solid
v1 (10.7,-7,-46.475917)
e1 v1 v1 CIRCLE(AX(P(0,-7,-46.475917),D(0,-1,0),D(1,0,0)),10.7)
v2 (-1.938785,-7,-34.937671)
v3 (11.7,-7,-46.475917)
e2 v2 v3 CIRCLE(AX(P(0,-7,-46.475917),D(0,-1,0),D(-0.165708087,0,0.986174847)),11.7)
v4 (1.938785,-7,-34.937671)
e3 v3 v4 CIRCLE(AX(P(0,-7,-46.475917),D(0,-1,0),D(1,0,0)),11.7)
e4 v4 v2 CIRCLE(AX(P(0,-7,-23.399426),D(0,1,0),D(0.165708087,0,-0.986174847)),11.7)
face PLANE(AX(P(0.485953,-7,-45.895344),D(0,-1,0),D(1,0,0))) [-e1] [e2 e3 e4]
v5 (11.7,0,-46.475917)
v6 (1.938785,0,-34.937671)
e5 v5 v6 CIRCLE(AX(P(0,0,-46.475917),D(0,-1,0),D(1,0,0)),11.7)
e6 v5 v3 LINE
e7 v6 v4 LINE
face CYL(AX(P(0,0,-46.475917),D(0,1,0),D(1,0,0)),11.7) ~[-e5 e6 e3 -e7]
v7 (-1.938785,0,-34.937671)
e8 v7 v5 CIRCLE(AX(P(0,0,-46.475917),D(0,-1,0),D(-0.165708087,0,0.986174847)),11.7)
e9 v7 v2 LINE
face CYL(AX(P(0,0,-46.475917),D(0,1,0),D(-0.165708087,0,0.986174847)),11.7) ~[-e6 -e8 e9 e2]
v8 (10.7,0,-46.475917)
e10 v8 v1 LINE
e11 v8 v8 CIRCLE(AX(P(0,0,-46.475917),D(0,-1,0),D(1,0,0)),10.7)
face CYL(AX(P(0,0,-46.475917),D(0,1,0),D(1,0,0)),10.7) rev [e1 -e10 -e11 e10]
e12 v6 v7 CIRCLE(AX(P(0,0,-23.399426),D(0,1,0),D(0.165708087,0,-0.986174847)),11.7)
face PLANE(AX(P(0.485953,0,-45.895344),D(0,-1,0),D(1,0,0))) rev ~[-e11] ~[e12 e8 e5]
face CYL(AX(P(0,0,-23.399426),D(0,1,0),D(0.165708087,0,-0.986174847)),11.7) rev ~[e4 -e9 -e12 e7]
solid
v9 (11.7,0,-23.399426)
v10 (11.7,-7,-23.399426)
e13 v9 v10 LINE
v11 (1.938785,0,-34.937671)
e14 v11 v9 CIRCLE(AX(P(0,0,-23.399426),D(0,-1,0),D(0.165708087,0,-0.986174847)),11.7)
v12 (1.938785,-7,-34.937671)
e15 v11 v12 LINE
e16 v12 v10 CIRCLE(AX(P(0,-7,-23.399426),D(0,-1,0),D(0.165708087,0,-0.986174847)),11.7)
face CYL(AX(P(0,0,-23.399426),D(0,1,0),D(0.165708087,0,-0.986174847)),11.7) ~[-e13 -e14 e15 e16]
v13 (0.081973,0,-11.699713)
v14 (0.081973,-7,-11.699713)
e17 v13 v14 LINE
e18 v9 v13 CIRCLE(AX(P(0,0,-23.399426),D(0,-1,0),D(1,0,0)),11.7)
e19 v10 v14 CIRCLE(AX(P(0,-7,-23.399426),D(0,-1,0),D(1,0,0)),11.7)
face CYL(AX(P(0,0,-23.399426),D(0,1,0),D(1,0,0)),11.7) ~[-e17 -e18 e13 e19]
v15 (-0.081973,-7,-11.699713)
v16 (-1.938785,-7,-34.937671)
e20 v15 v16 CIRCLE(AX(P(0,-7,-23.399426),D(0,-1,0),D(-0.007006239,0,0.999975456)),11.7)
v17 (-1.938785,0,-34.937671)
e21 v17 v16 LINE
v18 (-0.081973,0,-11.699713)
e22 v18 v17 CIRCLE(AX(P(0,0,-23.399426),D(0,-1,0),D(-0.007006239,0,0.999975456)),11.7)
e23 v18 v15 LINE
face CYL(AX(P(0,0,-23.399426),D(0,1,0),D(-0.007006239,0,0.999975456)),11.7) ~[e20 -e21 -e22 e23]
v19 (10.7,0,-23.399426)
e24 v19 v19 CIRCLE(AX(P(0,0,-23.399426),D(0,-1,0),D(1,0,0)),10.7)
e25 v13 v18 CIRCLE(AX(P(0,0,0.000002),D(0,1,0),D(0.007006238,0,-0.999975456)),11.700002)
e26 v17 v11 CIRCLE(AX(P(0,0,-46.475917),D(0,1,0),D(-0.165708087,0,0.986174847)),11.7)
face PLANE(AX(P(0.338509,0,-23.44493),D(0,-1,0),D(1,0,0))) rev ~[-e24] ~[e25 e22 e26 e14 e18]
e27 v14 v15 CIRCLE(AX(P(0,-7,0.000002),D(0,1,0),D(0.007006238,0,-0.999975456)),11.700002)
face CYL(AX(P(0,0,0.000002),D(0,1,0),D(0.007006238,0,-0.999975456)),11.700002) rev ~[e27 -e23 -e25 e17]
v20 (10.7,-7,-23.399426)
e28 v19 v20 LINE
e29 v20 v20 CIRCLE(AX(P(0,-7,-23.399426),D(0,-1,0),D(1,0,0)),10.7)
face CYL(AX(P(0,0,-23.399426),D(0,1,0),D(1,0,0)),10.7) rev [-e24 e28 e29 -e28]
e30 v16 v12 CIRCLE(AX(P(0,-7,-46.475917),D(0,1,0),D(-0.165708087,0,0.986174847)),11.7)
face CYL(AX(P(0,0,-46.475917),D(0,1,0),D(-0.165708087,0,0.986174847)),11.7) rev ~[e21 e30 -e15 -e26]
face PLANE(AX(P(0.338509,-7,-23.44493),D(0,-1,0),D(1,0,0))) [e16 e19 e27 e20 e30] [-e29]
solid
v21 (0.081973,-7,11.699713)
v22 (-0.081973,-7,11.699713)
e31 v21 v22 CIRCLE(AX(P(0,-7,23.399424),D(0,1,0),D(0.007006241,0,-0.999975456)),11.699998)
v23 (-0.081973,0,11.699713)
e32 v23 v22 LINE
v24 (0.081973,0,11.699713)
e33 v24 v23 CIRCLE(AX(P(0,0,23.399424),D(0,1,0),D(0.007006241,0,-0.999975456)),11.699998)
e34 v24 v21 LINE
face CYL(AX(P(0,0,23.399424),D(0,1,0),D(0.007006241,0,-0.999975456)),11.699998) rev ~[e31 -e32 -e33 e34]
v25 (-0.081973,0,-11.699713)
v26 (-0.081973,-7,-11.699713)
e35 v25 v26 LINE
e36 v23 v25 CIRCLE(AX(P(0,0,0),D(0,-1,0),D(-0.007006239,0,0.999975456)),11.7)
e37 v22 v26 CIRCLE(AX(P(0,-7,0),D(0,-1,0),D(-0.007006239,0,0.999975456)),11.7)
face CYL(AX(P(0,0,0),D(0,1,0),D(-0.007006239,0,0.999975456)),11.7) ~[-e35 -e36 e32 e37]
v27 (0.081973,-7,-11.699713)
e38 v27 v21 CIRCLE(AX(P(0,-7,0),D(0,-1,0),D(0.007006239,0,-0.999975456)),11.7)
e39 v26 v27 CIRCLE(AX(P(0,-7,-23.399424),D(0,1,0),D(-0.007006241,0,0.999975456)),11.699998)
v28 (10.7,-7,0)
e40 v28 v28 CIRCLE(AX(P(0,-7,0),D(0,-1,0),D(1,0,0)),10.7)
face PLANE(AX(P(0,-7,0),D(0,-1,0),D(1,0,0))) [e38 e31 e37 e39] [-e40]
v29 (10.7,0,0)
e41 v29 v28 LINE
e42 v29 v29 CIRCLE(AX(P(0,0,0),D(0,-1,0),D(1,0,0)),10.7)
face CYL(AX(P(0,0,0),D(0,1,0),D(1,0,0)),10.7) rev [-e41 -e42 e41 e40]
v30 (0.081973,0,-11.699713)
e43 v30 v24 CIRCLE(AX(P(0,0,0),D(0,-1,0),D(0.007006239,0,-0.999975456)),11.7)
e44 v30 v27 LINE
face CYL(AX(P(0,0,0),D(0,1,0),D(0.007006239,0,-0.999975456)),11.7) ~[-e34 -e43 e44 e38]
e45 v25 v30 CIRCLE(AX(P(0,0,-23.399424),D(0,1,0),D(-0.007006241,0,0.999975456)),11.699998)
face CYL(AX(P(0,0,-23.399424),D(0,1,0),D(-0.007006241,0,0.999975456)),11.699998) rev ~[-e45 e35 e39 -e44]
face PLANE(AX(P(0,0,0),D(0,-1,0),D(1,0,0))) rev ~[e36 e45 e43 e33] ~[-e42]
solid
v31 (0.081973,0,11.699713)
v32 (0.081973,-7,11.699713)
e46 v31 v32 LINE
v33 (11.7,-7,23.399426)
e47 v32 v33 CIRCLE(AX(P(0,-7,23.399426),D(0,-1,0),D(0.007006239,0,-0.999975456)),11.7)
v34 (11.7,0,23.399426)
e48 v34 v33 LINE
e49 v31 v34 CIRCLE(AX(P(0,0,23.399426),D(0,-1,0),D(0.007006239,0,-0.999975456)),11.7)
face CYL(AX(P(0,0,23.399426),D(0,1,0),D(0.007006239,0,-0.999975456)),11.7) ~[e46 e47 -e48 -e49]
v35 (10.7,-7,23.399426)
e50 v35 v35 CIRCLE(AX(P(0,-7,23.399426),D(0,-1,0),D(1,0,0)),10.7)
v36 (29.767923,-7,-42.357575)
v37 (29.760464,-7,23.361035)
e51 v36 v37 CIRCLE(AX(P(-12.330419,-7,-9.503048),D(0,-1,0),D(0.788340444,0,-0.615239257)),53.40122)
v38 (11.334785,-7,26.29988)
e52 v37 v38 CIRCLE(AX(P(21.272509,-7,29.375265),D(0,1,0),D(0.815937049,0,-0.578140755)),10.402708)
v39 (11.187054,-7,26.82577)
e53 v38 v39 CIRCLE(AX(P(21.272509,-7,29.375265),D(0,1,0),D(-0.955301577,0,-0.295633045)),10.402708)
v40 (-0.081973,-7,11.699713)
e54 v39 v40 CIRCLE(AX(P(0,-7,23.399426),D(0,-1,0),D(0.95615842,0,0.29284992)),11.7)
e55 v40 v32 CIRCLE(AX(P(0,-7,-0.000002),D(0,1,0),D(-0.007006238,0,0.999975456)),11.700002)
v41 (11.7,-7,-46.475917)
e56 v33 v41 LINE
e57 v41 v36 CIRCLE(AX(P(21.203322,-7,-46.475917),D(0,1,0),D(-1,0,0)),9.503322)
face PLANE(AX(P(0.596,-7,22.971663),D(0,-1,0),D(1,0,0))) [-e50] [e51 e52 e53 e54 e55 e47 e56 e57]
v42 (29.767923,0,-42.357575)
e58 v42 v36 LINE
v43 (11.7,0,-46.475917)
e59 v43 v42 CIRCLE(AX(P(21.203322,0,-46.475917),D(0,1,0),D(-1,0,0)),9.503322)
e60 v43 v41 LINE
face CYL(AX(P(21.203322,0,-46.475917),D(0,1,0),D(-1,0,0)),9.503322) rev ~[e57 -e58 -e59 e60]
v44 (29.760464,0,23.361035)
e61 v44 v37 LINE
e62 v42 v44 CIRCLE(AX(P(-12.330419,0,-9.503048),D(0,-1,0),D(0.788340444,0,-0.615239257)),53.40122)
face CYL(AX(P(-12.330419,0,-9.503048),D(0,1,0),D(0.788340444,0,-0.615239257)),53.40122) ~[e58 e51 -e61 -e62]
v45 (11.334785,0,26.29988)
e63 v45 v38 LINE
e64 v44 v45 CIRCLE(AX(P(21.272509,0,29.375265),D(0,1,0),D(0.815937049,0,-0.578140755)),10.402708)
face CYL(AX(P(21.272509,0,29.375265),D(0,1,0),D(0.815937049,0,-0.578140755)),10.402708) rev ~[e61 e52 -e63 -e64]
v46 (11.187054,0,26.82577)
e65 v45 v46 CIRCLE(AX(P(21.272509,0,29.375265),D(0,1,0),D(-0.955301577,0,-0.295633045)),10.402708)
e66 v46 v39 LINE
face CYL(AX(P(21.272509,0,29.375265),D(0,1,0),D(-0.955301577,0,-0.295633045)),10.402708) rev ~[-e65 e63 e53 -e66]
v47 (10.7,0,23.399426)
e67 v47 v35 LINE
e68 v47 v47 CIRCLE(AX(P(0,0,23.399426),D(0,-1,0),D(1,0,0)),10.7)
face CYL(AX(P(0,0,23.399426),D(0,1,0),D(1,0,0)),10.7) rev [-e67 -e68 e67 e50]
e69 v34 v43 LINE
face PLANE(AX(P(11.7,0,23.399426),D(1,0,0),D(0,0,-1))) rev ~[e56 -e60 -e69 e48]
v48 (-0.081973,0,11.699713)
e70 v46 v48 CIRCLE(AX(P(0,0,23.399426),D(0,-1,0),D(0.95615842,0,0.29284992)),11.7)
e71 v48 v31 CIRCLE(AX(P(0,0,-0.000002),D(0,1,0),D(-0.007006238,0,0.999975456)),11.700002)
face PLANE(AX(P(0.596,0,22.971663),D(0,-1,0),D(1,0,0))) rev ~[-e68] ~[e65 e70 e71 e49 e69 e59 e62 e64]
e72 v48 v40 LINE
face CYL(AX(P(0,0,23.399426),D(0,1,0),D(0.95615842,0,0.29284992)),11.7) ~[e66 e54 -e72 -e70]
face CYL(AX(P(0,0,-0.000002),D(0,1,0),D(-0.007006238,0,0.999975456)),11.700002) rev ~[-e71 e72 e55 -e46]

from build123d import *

# Parameters (mm, degrees)
F0_R     = 10.7
F1_DEPTH = 7


with BuildPart() as f1:
    # F0 (on Front) → F1 (new body)
    with BuildSketch(Plane.XZ):
        with BuildLine():
            ThreePointArc((-0.0819729994, 11.6997128353), (0, 11.7), (0.0819729994, 11.6997128353))
            ThreePointArc((0.0819729994, 11.6997128353), (8.3020805854, 15.1553091045), (11.7, 23.3994256705))
            ThreePointArc((11.7, 23.3994256705), (11.6083373103, 24.8611044625), (11.3347854887, 26.2998804495))
            ThreePointArc((11.3347854887, 26.2998804495), (11.2574671046, 26.5618552508), (11.1870535149, 26.8257697359))
            ThreePointArc((11.1870535149, 26.8257697359), (-9.3824358593, 30.3894111745), (-0.0819729994, 11.6997128353))
        make_face()
        with Locations((0, 23.3994256705)):
            Circle(F0_R, mode=Mode.SUBTRACT)
        with BuildLine():
            Line((11.7, 23.3994256705), (11.7, 0))
            Line((11.7, 0), (11.7, -23.3994256705))
            Line((11.7, -23.3994256705), (11.7, -46.4759171009))
            ThreePointArc((11.7, -46.4759171009), (19.0913360222, -37.2102467747), (29.7679230211, -42.3575747068))
            ThreePointArc((29.7679230211, -42.3575747068), (41.0708012444, -9.4969864297), (29.7604638503, 23.3610352102))
            ThreePointArc((29.7604638503, 23.3610352102), (19.634015707, 19.1024036043), (11.3347854887, 26.2998804495))
            ThreePointArc((11.3347854887, 26.2998804495), (11.6083373103, 24.8611044625), (11.7, 23.3994256705))
        make_face()
    extrude(amount=F1_DEPTH)


with BuildPart() as f1b:
    # F0 (on Front) → F1, piece 2 (new body)
    with BuildSketch(Plane.XZ):
        with BuildLine():
            ThreePointArc((0.0819729994, -11.6997128353), (8.3020805854, -8.244116566), (11.7, 0))
            ThreePointArc((11.7, 0), (8.3020805854, 8.244116566), (0.0819729994, 11.6997128353))
            ThreePointArc((0.0819729994, 11.6997128353), (0, 11.6994256705), (-0.0819729994, 11.6997128353))
            ThreePointArc((-0.0819729994, 11.6997128353), (-11.7, 0), (-0.0819729994, -11.6997128353))
            ThreePointArc((-0.0819729994, -11.6997128353), (0, -11.6994256705), (0.0819729994, -11.6997128353))
        make_face()
        Circle(F0_R, mode=Mode.SUBTRACT)
    extrude(amount=F1_DEPTH)


with BuildPart() as f1c:
    # F0 (on Front) → F1, piece 3 (new body)
    with BuildSketch(Plane.XZ):
        with BuildLine():
            ThreePointArc((11.7, -23.3994256705), (8.3020805854, -15.1553091045), (0.0819729994, -11.6997128353))
            ThreePointArc((0.0819729994, -11.6997128353), (0, -11.7), (-0.0819729994, -11.6997128353))
            ThreePointArc((-0.0819729994, -11.6997128353), (-11.6628274762, -22.467516201), (-1.9387846233, -34.9376713857))
            ThreePointArc((-1.9387846233, -34.9376713857), (0, -34.7759171009), (1.9387846233, -34.9376713857))
            ThreePointArc((1.9387846233, -34.9376713857), (8.932350757, -30.9560856439), (11.7, -23.3994256705))
        make_face()
        with Locations((0, -23.3994256705)):
            Circle(F0_R, mode=Mode.SUBTRACT)
    extrude(amount=F1_DEPTH)


with BuildPart() as f1d:
    # F0 (on Front) → F1, piece 4 (new body)
    with BuildSketch(Plane.XZ):
        with BuildLine():
            ThreePointArc((11.7, -46.4759171009), (8.932350757, -38.9192571275), (1.9387846233, -34.9376713857))
            ThreePointArc((1.9387846233, -34.9376713857), (0, -35.0994256705), (-1.9387846233, -34.9376713857))
            ThreePointArc((-1.9387846233, -34.9376713857), (-7.5566599734, -55.4082678579), (11.7, -46.4759171009))
        make_face()
        with Locations((0, -46.4759171009)):
            Circle(F0_R, mode=Mode.SUBTRACT)
    extrude(amount=F1_DEPTH)


solid = Compound([f1.part, f1b.part, f1c.part, f1d.part])
